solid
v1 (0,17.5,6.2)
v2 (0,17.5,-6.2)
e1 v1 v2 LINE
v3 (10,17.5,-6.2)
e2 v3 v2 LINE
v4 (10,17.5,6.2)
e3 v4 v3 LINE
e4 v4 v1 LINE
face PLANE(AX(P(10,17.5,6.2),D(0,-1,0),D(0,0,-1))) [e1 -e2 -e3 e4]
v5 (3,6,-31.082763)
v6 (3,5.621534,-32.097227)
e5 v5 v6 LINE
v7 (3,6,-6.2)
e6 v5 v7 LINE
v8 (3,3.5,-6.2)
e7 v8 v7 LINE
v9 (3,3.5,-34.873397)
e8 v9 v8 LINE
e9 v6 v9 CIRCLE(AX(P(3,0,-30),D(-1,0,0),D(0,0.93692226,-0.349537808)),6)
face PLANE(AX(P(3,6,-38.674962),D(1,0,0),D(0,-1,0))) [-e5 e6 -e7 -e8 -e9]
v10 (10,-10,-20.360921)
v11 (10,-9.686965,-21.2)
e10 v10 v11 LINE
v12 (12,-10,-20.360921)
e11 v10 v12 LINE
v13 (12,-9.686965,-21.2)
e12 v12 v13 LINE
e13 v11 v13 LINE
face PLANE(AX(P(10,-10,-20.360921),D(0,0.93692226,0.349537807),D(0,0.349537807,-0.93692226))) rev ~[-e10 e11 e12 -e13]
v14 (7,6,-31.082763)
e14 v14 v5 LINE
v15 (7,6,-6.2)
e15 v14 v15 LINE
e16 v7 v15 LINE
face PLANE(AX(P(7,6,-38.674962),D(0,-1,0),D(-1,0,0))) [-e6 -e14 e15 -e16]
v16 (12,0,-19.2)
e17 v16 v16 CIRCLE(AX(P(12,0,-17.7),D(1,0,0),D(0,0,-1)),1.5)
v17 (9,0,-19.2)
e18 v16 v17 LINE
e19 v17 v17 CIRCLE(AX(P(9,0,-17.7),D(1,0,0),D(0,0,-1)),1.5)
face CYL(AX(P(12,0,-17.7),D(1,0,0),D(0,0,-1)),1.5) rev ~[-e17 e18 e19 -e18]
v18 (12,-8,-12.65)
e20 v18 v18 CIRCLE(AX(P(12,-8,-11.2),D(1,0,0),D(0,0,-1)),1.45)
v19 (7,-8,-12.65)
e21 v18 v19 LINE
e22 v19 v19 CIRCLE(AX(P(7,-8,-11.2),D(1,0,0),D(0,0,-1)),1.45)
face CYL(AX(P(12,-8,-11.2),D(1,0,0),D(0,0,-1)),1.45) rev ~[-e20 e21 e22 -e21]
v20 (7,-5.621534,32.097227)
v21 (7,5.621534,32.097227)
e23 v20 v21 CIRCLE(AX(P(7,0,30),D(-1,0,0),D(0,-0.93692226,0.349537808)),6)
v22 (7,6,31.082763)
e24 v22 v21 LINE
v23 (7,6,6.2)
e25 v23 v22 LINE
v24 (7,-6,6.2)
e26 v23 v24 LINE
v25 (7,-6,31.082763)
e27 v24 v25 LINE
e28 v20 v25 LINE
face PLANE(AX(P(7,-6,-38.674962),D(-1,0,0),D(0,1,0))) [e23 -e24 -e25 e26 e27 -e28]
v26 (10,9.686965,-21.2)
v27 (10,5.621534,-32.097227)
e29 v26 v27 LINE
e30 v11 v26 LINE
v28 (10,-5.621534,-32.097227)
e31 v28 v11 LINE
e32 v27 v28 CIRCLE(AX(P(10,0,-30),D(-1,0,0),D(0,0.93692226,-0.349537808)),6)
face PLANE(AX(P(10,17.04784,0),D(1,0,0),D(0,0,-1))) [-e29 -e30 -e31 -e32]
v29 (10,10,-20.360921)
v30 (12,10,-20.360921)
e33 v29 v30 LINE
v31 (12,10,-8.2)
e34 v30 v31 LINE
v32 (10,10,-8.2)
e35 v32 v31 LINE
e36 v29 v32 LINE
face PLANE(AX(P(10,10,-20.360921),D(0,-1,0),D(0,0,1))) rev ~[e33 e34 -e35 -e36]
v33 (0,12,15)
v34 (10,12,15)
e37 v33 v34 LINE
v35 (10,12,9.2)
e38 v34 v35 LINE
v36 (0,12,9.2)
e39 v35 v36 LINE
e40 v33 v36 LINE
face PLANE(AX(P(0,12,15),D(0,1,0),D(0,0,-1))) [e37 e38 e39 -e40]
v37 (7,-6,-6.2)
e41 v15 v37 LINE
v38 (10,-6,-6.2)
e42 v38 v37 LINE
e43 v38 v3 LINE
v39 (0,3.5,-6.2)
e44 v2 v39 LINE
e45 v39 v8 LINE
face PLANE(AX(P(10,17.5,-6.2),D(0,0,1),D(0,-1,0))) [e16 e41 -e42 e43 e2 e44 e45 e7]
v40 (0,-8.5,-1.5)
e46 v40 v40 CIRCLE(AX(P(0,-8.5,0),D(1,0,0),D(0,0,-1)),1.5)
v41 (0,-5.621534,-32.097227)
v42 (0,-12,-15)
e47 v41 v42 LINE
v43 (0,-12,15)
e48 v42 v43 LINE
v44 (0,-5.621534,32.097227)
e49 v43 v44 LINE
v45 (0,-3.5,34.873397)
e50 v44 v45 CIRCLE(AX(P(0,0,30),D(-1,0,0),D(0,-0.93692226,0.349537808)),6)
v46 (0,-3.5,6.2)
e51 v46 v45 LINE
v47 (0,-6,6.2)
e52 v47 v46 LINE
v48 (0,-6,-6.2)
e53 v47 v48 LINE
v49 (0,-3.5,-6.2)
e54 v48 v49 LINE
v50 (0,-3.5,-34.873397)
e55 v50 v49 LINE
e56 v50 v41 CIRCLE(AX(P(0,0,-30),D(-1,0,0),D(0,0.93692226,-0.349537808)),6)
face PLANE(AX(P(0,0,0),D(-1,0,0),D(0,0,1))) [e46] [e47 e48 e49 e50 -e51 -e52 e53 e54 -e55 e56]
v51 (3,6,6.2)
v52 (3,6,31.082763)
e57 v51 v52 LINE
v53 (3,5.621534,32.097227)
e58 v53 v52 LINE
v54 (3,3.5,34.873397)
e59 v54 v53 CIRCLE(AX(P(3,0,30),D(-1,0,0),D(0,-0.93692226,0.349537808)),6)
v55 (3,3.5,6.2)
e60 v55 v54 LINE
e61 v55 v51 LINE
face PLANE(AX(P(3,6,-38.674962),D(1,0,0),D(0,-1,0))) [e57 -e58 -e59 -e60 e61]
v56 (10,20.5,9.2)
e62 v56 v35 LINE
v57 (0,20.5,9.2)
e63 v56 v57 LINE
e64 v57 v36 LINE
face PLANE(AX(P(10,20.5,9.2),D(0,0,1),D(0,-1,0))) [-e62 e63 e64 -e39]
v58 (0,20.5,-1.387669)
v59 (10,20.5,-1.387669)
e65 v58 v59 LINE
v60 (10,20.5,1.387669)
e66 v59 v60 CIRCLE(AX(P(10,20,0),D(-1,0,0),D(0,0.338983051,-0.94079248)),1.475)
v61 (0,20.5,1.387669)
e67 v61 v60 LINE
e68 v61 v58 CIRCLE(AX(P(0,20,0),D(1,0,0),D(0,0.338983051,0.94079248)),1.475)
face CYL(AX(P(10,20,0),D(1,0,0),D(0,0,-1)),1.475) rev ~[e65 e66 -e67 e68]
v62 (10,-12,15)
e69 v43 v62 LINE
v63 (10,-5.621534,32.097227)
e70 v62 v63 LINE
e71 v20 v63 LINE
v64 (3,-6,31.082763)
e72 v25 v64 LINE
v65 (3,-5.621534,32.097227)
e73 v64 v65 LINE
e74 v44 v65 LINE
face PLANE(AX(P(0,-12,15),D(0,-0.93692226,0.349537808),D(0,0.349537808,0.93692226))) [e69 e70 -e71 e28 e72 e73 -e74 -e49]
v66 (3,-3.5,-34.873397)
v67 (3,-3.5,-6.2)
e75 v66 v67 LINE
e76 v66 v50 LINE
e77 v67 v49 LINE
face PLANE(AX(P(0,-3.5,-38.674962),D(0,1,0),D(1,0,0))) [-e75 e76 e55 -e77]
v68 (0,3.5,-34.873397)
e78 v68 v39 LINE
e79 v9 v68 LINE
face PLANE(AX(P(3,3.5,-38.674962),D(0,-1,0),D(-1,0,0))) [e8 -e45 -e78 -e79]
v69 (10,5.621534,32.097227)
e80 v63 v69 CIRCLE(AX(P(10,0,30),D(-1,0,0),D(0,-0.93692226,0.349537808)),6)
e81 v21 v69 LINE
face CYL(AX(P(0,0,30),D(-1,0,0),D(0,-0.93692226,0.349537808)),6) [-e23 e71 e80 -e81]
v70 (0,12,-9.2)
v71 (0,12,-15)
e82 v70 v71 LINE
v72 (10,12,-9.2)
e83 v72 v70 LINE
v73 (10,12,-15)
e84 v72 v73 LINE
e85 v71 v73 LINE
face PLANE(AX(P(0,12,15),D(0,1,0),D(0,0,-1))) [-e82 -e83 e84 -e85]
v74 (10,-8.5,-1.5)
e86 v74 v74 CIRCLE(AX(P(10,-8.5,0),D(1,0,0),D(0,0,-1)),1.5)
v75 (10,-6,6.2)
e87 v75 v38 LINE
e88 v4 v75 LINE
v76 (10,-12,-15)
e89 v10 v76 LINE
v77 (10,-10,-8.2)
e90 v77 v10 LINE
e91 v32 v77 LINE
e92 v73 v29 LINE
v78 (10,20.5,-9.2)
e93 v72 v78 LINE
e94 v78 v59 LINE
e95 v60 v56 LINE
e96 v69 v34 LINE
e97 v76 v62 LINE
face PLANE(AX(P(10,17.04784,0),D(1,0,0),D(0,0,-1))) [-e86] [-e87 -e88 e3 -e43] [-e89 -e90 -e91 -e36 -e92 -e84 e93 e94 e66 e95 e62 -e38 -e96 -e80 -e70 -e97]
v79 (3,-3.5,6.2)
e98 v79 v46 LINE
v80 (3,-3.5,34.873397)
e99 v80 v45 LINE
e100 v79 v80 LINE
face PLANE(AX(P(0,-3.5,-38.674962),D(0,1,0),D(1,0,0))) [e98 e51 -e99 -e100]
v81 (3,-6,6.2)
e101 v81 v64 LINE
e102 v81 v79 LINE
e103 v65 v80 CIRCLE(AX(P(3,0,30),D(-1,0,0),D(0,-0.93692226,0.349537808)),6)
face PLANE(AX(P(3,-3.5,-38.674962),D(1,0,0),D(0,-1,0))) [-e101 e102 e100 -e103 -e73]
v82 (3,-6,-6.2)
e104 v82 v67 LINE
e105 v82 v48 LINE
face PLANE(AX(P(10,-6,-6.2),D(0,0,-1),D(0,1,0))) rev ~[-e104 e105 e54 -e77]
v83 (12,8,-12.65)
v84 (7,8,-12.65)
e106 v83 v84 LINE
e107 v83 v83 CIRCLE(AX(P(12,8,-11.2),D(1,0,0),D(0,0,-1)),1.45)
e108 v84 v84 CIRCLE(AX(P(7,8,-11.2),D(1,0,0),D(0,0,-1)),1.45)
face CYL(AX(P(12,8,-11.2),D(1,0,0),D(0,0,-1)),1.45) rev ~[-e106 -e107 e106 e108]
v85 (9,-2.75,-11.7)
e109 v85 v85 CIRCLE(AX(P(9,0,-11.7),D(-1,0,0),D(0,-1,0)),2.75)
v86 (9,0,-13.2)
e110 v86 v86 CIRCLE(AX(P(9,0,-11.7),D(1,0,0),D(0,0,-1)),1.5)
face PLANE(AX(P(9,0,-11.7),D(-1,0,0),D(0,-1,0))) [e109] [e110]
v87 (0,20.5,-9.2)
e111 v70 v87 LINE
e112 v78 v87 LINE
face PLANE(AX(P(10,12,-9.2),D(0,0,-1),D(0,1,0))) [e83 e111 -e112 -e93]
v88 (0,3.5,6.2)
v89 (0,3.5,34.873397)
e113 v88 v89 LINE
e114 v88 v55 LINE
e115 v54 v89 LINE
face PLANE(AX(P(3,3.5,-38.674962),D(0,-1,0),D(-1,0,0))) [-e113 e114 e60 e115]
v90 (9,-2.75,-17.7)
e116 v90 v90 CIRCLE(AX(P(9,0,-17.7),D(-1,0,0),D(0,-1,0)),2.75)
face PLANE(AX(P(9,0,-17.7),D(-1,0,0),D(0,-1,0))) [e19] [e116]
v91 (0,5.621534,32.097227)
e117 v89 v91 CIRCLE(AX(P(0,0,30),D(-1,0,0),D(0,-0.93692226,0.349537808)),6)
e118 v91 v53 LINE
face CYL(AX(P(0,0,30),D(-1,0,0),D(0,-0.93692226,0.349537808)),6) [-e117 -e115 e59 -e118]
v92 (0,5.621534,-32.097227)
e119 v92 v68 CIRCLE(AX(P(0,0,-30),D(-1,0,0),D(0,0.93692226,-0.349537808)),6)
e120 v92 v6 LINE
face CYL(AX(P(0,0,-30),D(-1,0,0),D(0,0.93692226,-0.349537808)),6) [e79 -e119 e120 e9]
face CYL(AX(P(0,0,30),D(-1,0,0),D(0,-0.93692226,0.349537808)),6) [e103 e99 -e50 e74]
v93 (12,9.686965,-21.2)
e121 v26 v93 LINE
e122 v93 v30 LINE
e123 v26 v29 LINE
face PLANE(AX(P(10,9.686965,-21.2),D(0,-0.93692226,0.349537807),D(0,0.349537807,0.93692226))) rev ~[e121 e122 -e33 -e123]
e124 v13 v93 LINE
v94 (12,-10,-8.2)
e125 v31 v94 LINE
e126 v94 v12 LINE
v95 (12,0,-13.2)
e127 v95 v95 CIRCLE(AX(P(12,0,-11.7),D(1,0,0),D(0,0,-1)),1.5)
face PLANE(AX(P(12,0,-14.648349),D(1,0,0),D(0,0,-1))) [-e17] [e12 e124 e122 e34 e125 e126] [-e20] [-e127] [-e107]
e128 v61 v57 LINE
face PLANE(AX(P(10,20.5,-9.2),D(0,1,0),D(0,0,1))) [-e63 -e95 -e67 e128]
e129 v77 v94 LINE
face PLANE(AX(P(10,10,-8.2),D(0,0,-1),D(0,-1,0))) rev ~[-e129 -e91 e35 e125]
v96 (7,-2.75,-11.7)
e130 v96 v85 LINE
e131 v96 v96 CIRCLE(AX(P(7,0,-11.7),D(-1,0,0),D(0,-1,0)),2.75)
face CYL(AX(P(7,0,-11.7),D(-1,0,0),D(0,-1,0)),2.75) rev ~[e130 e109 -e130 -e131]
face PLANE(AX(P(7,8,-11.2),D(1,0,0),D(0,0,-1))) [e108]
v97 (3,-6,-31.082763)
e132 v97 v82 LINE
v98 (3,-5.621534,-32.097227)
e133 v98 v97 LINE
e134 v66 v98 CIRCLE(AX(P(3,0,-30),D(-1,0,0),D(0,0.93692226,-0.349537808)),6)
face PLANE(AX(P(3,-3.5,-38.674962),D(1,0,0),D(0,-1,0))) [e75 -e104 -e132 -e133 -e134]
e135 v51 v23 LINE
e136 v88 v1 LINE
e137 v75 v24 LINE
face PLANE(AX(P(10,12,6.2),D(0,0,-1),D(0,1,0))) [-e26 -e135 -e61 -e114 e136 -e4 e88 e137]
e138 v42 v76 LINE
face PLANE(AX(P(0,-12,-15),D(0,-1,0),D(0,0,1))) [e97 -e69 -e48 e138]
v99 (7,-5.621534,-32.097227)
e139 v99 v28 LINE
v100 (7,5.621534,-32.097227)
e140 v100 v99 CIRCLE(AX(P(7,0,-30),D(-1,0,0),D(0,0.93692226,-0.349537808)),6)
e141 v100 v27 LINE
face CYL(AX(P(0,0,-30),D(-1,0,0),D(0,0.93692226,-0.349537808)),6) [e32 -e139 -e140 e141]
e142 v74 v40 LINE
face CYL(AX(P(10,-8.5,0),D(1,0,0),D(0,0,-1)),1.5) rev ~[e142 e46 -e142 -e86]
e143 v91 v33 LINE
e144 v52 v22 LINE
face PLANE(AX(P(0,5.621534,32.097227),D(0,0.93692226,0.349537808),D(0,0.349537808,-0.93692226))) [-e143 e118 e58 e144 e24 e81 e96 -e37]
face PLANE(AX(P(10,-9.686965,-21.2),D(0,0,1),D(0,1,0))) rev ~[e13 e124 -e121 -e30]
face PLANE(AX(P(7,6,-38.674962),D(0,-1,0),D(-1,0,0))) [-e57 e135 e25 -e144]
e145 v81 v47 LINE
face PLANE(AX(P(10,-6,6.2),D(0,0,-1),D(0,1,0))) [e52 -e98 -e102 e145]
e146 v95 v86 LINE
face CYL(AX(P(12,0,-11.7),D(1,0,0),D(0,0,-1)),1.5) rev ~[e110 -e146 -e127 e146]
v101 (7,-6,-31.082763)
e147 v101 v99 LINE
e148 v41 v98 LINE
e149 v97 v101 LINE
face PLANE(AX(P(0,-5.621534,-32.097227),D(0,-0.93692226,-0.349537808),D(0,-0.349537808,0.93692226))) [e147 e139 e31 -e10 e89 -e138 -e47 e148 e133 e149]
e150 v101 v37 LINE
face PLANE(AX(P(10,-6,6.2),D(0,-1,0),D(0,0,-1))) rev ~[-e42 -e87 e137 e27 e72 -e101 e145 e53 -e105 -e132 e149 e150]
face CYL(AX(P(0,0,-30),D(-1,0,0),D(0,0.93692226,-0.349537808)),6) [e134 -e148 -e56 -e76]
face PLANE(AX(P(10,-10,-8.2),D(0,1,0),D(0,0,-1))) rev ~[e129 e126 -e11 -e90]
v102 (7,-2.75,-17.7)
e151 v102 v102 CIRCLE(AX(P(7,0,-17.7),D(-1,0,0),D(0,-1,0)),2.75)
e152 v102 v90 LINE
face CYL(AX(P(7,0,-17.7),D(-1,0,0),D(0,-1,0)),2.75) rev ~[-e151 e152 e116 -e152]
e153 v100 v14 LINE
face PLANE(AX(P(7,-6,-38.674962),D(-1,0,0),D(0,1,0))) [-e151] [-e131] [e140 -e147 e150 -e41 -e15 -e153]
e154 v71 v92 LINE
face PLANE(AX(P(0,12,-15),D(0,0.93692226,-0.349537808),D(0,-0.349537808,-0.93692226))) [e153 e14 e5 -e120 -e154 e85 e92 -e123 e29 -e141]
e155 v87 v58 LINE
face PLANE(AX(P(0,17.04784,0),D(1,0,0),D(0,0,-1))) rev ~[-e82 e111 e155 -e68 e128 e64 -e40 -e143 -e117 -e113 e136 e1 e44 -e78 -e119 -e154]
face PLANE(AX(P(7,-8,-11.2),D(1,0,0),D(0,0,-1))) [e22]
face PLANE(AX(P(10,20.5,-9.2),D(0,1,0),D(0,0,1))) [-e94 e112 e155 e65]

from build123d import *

# Parameters (mm, degrees)
EXTRUDE_1_DEPTH          = 10
CUT_EXTRUDE_1_DEPTH      = 74.674961826
CUT_EXTRUDE_1_DEPTH_BACK = 74.674961826
SKETCH_3_W               = 12.4
SKETCH_3_H               = 18
CUT_EXTRUDE_4_DEPTH      = 10
EXTRUDE_3_DEPTH          = 10
SKETCH_5_R               = 1.4
CUT_EXTRUDE_5_DEPTH      = 10
SKETCH_6_R               = 1.475
SKETCH_6_R_2             = 1.5
CUT_EXTRUDE_6_DEPTH      = 10
EXTRUDE_4_DEPTH          = 2
SKETCH_8_R               = 1.5
CUT_EXTRUDE_8_DEPTH      = 44.130615576
SKETCH_9_R               = 2.75
CUT_EXTRUDE_9_DEPTH      = 2
SKETCH_10_R              = 1.45
CUT_EXTRUDE_10_DEPTH     = 5


with BuildPart() as part:
    # 草图1 → 凸台-拉伸1 (new body)
    with BuildSketch(Plane(origin=(0, 0, 0), x_dir=(0, 0, -1), z_dir=(1, 0, 0))):
        with BuildLine():
            Line((-32.097226847, 5.621533559), (-15, 12))
            Line((-15, 12), (15, 12))
            Line((15, 12), (32.097226847, 5.621533559))
            ThreePointArc((32.097226847, 5.621533559), (36, 0), (32.097226847, -5.621533559))
            Line((32.097226847, -5.621533559), (15, -12))
            Line((15, -12), (-15, -12))
            Line((-15, -12), (-32.097226847, -5.621533559))
            ThreePointArc((-32.097226847, -5.621533559), (-36, 0), (-32.097226847, 5.621533559))
        make_face()
    extrude(amount=EXTRUDE_1_DEPTH)

    # 草图2 → 切除-拉伸1 (cut, two sides: drawn at the far end of the back side and taken through both)
    with BuildSketch(Plane.XY.offset(36).offset(-CUT_EXTRUDE_1_DEPTH_BACK)):
        Polygon((0, -3.5), (3, -3.5), (3, -6), (7, -6), (7, 6), (3, 6), (3, 3.5), (0, 3.5), align=None)
    extrude(amount=CUT_EXTRUDE_1_DEPTH + CUT_EXTRUDE_1_DEPTH_BACK, mode=Mode.SUBTRACT)

    # 草图3 → 切除-拉伸4 (cut)
    with BuildSketch(Plane(origin=(10, 0, 0), x_dir=(0, 0, -1), z_dir=(1, 0, 0))):
        with Locations((0, 3)):
            Rectangle(SKETCH_3_W, SKETCH_3_H)
    extrude(amount=-CUT_EXTRUDE_4_DEPTH, mode=Mode.SUBTRACT)

    # 草图4 → 凸台-拉伸3 (add)
    with BuildSketch(Plane(origin=(10, 0, 0), x_dir=(0, 0, -1), z_dir=(1, 0, 0))):
        Polygon((-6.2, 17.5), (6.2, 17.5), (6.2, 12), (9.2, 12), (9.2, 20.5), (-9.2, 20.5), (-9.2, 12), (-6.2, 12), align=None)
    extrude(amount=-EXTRUDE_3_DEPTH)

    # 草图5 → 切除-拉伸5 (cut)
    with BuildSketch(Plane(origin=(10, 0, 0), x_dir=(0, 0, -1), z_dir=(1, 0, 0))):
        with Locations((0, -8.5)):
            Circle(SKETCH_5_R)
        with Locations((0, 20)):
            Circle(SKETCH_5_R)
    extrude(amount=-CUT_EXTRUDE_5_DEPTH, mode=Mode.SUBTRACT)

    # 草图6 → 切除-拉伸6 (cut)
    with BuildSketch(Plane(origin=(10, 0, 0), x_dir=(0, 0, -1), z_dir=(1, 0, 0))):
        with Locations((0, 20)):
            Circle(SKETCH_6_R)
        with Locations((0, -8.5)):
            Circle(SKETCH_6_R_2)
    extrude(amount=-CUT_EXTRUDE_6_DEPTH, mode=Mode.SUBTRACT)

    # 草图7 → 凸台-拉伸4 (add)
    with BuildSketch(Plane(origin=(10, 0, 0), x_dir=(0, 0, -1), z_dir=(1, 0, 0))):
        Polygon((8.2, -10), (20.360920843, -10), (21.2, -9.686964542), (21.2, 9.686964542), (20.360920843, 10), (8.2, 10), align=None)
    extrude(amount=EXTRUDE_4_DEPTH)

    # 草图8 → 切除-拉伸8 (cut, through all)
    with BuildSketch(Plane(origin=(12, 0, 0), x_dir=(0, 0, -1), z_dir=(1, 0, 0))):
        with Locations((11.7, 0)):
            Circle(SKETCH_8_R)
        with Locations((17.7, 0)):
            Circle(SKETCH_8_R)
    extrude(amount=-CUT_EXTRUDE_8_DEPTH, mode=Mode.SUBTRACT)

    # 草图9 → 切除-拉伸9 (cut)
    with BuildSketch(Plane.ZY.offset(-7)):
        with Locations(Location((-17.7, 0, 0), (0, 0, 270))):
            Circle(SKETCH_9_R)
        with Locations(Location((-11.7, 0, 0), (0, 0, 270))):
            Circle(SKETCH_9_R)
    extrude(amount=-CUT_EXTRUDE_9_DEPTH, mode=Mode.SUBTRACT)

    # 草图10 → 切除-拉伸10 (cut)
    with BuildSketch(Plane(origin=(12, 0, 0), x_dir=(0, 0, -1), z_dir=(1, 0, 0))):
        with Locations((11.2, 8)):
            Circle(SKETCH_10_R)
        with Locations((11.2, -8)):
            Circle(SKETCH_10_R)
    extrude(amount=-CUT_EXTRUDE_10_DEPTH, mode=Mode.SUBTRACT)


solid = part.part
